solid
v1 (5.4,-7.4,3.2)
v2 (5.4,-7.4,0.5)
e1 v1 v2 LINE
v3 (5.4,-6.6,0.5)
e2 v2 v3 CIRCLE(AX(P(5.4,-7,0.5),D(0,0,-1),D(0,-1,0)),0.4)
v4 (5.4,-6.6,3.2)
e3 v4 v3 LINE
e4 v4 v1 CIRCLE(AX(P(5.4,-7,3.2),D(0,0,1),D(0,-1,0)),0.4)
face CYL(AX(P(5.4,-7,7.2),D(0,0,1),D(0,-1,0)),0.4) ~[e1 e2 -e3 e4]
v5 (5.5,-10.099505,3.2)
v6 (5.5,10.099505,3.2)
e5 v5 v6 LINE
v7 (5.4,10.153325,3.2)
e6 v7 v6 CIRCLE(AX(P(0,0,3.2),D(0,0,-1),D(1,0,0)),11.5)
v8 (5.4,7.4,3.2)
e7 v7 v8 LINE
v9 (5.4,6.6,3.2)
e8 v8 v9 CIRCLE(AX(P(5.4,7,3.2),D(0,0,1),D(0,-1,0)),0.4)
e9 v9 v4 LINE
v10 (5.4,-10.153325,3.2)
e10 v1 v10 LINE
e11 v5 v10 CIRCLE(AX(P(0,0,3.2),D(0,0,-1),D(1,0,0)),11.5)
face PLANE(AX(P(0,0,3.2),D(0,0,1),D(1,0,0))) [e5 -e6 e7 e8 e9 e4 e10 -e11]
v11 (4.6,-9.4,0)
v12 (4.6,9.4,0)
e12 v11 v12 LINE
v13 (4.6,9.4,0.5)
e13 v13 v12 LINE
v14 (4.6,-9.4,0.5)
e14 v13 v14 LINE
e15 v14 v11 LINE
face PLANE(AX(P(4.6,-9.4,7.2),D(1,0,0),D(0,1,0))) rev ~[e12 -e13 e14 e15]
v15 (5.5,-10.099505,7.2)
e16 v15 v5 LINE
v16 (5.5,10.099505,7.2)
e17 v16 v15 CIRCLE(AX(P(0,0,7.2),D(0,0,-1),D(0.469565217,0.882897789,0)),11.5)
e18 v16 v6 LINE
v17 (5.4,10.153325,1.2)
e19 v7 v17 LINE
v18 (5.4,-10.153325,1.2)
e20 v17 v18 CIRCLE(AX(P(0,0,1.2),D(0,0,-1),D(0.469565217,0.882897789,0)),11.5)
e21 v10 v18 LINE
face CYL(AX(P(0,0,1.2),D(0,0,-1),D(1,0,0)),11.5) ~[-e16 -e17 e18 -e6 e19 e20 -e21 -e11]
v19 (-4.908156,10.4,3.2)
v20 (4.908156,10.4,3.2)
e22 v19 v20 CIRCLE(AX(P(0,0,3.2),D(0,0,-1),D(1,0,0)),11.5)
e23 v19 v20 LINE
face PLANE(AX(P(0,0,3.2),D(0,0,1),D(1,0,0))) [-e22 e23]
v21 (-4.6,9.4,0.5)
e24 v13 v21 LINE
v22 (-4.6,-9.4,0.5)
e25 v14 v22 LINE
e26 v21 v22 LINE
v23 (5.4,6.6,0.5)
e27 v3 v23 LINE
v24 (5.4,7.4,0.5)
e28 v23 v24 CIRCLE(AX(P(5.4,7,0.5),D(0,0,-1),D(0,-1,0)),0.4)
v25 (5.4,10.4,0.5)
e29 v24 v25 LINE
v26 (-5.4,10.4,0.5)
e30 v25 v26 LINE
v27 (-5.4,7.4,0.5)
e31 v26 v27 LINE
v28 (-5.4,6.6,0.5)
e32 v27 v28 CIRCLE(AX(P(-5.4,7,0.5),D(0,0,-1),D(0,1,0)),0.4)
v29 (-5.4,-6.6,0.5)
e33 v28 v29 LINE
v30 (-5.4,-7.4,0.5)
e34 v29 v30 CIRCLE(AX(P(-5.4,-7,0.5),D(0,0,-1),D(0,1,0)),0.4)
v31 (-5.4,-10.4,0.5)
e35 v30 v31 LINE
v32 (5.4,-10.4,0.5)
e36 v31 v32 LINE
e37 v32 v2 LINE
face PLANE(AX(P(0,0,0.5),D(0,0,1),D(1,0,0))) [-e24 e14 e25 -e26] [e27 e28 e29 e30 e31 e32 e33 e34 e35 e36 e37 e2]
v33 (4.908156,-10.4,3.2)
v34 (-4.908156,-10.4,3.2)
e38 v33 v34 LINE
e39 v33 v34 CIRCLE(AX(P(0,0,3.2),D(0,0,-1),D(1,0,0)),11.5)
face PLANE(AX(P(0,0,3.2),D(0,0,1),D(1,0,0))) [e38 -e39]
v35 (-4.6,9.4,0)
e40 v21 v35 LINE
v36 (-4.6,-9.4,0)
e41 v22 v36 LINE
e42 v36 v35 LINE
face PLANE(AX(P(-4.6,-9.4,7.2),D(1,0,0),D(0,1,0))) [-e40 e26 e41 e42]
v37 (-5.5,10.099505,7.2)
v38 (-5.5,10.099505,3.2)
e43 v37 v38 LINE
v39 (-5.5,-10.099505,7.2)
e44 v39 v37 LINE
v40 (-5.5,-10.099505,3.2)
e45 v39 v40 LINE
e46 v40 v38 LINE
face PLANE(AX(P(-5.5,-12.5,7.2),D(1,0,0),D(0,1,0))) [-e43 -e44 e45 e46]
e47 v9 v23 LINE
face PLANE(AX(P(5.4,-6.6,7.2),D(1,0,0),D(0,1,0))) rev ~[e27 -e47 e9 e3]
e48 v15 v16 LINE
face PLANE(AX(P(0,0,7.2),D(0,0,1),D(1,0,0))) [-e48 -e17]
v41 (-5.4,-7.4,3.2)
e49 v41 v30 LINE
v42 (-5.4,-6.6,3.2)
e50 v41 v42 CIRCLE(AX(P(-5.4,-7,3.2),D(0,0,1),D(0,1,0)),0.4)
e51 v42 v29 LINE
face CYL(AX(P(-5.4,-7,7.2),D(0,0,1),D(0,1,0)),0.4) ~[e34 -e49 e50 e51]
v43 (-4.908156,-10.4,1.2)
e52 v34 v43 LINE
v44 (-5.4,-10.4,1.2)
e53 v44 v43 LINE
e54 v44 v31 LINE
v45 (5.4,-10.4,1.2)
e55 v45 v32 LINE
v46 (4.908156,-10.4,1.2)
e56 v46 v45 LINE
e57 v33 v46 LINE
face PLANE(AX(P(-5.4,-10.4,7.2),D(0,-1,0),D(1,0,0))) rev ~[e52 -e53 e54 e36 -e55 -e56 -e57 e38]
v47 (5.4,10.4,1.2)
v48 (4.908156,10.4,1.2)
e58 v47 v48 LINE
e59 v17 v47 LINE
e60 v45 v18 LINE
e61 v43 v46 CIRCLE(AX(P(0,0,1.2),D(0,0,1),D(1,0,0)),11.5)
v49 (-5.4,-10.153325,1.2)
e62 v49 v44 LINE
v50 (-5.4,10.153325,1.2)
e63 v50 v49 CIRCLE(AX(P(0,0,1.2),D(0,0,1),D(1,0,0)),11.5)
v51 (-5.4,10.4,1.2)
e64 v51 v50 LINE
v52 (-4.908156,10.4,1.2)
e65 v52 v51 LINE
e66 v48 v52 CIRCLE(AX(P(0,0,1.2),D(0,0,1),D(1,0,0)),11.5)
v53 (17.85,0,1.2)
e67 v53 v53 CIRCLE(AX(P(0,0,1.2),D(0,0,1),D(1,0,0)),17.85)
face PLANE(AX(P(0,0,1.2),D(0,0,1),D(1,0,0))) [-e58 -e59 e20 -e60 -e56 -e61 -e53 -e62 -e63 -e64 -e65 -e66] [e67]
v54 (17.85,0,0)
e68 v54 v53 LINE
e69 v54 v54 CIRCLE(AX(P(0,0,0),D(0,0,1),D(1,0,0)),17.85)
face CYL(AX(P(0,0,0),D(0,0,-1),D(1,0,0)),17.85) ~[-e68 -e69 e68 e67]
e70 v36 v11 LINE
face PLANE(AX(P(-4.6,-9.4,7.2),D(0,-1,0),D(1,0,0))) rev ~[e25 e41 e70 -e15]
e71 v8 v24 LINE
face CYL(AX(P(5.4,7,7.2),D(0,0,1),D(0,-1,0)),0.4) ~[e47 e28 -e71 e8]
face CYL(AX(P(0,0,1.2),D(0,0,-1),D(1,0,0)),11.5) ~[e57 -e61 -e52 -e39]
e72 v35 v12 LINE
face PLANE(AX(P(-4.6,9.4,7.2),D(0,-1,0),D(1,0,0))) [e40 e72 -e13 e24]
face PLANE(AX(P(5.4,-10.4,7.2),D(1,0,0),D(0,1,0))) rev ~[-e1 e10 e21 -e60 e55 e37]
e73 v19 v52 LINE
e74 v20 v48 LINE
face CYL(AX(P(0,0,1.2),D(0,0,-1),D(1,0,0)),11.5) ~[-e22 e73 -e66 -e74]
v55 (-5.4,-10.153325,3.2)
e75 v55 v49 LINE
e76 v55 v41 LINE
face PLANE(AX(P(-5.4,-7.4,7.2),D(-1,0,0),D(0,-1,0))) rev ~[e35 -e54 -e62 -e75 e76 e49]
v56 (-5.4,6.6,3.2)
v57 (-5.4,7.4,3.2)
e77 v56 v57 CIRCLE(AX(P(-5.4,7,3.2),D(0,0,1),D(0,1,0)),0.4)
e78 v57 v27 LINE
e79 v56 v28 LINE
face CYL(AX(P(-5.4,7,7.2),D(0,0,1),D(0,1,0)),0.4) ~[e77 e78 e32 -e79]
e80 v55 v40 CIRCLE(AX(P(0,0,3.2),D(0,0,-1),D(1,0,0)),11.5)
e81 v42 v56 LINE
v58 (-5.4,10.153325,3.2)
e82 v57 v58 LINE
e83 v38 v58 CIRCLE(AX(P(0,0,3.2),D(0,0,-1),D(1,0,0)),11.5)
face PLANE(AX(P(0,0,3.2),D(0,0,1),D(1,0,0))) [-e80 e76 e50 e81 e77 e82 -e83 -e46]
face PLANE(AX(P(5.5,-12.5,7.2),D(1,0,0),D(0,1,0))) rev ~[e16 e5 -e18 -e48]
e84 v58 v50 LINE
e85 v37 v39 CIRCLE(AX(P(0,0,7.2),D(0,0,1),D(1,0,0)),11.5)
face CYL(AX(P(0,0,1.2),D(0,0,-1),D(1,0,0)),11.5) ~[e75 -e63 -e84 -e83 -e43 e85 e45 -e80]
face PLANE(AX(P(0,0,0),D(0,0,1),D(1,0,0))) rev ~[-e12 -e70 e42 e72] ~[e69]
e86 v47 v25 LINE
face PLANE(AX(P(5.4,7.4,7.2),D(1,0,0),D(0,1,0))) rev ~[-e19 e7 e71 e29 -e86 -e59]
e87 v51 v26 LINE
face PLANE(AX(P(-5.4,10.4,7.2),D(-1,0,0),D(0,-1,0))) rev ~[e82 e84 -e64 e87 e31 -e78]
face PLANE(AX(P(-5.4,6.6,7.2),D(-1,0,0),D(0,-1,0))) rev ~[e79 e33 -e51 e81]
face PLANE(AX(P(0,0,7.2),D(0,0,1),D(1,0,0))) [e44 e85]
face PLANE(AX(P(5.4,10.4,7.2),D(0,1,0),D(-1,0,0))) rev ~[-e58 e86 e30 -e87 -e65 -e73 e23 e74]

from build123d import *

# Parameters (mm, degrees)
F0_R     = 17.85
F1_DEPTH = 1.2
F2_R     = 11.5
F3_DEPTH = 6
F4_W     = 9.2
F4_H     = 18.8
F5_DEPTH = 7.201
F7_DEPTH = 6.7
F8_W     = 11
F8_H     = 25
F9_DEPTH = 4


with BuildPart() as f1:
    # F0 (on Top) → F1 (new body)
    with BuildSketch(Plane.XY):
        Circle(F0_R)
    extrude(amount=F1_DEPTH)

    # F2 (on face) → F3 (join)
    with BuildSketch(Plane.XY.offset(1.2)):
        Circle(F2_R)
    extrude(amount=F3_DEPTH)

    # F4 (on face) → F5 (cut, through all)
    with BuildSketch(Plane.XY.offset(7.2)):
        Rectangle(F4_W, F4_H)
    extrude(amount=-F5_DEPTH, mode=Mode.SUBTRACT)

    # F6 (on face) → F7 (cut)
    with BuildSketch(Plane.XY.offset(7.2)):
        with BuildLine():
            Line((5.4, 10.4), (-5.4, 10.4))
            Line((-5.4, 10.4), (-5.4, 7.4))
            ThreePointArc((-5.4, 7.4), (-5, 7), (-5.4, 6.6))
            Line((-5.4, 6.6), (-5.4, -6.6))
            ThreePointArc((-5.4, -6.6), (-5, -7), (-5.4, -7.4))
            Line((-5.4, -7.4), (-5.4, -10.4))
            Line((-5.4, -10.4), (5.4, -10.4))
            Line((5.4, -10.4), (5.4, -7.4))
            ThreePointArc((5.4, -7.4), (5, -7), (5.4, -6.6))
            Line((5.4, -6.6), (5.4, 6.6))
            ThreePointArc((5.4, 6.6), (5, 7), (5.4, 7.4))
            Line((5.4, 7.4), (5.4, 10.4))
        make_face()
    extrude(amount=-F7_DEPTH, mode=Mode.SUBTRACT)

    # F8 (on face) → F9 (cut)
    with BuildSketch(Plane.XY.offset(7.2)):
        Rectangle(F8_W, F8_H)
    extrude(amount=-F9_DEPTH, mode=Mode.SUBTRACT)


solid = f1.part
